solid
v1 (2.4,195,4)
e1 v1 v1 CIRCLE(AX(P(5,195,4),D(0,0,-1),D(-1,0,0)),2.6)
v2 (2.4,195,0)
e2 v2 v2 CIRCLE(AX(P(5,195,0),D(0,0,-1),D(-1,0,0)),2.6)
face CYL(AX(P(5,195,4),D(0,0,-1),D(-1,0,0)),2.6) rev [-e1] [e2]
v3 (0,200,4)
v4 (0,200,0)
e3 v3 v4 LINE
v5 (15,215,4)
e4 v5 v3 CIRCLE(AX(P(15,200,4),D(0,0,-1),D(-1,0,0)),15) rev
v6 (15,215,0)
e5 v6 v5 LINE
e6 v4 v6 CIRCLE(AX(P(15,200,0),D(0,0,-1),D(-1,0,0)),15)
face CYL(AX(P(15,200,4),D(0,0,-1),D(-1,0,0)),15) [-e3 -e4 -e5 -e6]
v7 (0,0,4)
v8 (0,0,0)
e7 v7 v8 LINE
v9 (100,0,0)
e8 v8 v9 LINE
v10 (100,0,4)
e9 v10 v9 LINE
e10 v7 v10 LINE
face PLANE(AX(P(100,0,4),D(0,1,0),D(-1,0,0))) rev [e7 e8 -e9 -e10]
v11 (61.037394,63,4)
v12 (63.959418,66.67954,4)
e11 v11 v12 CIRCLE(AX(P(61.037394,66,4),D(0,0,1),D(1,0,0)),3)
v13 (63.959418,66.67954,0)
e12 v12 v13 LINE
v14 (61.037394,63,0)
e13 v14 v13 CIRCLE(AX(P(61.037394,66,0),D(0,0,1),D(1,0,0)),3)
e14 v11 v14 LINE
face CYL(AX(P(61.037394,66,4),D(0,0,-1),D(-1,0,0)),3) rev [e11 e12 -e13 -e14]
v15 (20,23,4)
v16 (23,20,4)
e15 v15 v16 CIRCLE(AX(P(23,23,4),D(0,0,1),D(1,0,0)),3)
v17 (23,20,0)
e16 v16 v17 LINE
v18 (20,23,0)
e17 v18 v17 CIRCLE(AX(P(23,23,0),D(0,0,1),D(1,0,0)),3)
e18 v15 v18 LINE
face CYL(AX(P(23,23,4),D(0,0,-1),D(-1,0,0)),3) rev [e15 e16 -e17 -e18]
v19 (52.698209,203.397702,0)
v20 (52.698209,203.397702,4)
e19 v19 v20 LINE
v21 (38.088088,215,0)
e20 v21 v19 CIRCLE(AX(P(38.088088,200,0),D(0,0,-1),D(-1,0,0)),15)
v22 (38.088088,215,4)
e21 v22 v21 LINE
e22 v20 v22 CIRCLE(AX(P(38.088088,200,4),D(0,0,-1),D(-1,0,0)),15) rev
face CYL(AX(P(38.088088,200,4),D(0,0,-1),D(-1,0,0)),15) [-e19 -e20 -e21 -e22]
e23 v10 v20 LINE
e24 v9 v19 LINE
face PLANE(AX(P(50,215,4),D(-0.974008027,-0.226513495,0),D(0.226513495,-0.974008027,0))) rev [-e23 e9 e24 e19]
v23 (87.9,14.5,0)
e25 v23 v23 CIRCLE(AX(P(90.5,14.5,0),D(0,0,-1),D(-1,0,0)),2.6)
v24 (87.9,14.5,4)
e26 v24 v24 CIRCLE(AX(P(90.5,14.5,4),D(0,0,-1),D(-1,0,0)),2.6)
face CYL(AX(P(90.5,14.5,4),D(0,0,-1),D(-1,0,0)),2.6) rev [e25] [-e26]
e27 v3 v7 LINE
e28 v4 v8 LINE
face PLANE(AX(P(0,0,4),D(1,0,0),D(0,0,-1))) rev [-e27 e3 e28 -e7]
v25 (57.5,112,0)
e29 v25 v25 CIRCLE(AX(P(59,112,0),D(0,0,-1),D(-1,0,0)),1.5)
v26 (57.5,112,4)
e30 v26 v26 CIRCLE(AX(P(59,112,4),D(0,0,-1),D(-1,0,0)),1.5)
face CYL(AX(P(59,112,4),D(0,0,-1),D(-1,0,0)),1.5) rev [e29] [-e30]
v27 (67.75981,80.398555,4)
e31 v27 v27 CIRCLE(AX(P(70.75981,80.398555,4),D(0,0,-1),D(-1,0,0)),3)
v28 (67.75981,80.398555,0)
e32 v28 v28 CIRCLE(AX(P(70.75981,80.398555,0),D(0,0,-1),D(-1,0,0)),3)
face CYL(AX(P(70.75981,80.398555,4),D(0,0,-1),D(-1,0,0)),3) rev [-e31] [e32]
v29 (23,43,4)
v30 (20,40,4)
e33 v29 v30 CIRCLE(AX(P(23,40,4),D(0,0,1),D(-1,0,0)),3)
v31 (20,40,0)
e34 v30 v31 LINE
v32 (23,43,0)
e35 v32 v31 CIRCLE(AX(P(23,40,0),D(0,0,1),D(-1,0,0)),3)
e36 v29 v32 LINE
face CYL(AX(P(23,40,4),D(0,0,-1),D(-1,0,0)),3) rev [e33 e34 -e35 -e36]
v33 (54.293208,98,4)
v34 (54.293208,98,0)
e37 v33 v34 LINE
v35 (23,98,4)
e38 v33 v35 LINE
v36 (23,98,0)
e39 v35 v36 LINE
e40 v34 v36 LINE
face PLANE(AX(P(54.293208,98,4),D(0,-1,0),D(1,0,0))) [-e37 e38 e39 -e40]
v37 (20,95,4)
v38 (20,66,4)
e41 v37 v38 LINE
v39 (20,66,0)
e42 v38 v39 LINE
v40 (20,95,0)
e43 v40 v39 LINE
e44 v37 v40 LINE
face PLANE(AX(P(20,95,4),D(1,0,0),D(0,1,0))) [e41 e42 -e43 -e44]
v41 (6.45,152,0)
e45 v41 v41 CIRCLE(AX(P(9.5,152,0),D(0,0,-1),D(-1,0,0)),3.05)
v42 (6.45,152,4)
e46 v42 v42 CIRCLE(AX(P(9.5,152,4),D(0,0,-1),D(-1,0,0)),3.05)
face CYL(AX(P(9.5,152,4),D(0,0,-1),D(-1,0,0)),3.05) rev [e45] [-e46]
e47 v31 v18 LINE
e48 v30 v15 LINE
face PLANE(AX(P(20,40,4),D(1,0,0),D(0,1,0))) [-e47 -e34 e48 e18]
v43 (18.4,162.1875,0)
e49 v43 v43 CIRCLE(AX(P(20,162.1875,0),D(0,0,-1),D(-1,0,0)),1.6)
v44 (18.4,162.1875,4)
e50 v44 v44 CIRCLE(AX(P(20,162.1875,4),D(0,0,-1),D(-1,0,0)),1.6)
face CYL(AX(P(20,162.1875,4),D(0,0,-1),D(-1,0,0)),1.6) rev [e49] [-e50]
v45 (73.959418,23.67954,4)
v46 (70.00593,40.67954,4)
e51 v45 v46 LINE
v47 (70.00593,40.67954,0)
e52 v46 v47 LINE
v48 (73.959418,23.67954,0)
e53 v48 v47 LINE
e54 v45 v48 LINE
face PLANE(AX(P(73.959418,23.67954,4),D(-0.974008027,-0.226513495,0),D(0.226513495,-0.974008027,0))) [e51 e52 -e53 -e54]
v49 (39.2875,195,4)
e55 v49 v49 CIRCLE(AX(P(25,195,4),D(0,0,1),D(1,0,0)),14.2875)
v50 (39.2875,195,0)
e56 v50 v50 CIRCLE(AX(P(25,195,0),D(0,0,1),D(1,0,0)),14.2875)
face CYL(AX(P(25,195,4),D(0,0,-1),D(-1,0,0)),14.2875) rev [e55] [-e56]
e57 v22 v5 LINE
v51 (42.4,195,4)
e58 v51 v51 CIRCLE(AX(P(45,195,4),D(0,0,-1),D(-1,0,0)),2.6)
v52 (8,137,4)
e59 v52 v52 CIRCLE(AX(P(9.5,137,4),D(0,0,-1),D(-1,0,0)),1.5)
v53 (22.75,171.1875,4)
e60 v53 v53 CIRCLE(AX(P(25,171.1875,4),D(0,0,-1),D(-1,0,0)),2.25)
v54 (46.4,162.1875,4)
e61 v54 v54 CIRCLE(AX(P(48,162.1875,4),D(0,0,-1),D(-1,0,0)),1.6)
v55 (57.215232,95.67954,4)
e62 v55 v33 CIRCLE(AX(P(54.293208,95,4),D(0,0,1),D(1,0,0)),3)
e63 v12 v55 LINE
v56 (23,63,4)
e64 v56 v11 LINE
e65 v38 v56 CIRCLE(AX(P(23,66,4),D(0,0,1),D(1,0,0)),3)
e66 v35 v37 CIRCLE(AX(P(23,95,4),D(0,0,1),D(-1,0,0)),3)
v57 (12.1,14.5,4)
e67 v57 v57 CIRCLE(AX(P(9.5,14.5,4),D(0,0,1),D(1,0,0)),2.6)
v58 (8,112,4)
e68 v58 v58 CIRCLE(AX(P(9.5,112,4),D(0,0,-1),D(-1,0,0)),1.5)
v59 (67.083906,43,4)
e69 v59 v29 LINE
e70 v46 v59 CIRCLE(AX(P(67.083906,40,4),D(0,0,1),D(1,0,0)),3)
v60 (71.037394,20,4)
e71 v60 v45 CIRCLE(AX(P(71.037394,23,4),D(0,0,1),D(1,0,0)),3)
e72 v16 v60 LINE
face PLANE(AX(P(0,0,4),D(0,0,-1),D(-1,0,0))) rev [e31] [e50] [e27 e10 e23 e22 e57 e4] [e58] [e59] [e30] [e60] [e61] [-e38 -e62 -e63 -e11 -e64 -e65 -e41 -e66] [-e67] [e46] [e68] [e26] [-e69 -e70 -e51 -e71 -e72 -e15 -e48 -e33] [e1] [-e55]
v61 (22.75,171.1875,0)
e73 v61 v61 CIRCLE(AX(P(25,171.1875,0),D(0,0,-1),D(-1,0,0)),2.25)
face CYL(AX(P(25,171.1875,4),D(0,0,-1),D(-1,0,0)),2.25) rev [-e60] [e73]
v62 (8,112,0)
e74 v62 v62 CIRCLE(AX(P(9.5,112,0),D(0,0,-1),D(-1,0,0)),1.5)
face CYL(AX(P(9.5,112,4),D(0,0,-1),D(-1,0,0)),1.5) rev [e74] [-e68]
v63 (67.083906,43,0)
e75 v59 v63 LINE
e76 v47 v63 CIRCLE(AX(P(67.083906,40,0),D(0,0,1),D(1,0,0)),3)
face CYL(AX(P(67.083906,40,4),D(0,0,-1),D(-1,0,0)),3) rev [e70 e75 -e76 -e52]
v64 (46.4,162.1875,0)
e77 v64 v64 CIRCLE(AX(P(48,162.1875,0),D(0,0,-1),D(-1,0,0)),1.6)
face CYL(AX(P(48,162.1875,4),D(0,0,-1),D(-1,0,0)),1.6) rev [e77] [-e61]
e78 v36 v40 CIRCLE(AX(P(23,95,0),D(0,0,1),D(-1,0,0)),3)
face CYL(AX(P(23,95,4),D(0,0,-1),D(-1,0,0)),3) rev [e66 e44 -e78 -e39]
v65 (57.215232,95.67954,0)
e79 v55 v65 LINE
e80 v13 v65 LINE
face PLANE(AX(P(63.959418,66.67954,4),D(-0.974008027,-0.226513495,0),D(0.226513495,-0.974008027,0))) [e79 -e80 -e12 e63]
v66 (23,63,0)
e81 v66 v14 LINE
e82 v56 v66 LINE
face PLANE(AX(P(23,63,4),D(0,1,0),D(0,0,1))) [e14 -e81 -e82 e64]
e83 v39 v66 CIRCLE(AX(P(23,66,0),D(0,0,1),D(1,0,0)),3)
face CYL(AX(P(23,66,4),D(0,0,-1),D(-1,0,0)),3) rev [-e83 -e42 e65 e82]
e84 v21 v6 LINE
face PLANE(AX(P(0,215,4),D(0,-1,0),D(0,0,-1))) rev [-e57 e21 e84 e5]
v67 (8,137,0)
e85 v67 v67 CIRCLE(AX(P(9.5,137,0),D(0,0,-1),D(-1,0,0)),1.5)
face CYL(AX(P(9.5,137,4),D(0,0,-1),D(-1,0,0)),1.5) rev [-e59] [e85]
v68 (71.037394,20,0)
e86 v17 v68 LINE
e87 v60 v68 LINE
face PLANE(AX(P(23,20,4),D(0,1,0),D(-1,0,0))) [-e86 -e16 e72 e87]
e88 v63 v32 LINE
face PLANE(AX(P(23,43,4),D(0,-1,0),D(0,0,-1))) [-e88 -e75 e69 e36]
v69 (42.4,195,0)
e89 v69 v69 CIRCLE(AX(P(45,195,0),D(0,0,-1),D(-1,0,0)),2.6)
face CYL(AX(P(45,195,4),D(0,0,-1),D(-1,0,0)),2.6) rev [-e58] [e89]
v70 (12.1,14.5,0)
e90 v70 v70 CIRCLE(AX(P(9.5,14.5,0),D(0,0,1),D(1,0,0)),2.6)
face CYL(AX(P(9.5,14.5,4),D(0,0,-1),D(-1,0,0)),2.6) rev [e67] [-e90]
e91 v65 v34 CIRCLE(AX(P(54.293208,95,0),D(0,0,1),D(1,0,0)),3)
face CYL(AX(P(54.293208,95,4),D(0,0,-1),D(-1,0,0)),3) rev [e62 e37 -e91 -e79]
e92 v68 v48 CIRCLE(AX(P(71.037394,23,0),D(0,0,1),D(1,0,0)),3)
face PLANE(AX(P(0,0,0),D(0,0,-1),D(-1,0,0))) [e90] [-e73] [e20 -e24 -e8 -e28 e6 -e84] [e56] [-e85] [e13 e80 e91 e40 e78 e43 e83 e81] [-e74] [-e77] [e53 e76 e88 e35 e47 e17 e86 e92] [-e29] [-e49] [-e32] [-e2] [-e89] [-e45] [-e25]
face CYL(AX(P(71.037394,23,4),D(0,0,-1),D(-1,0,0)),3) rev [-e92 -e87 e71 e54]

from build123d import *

# Parameters (mm, degrees)
ESBO_O1_R                = 14.2875
ESBO_O1_R_2              = 2.6
RESSALTO_EXTRUS_O2_DEPTH = 4
FILETE1_R                = 15
ESBO_O3_R                = 1.5
ESBO_O3_R_2              = 2.6
ESBO_O3_R_3              = 3.05
CORTE_EXTRUS_O1_DEPTH    = 5
ESBO_O5_R                = 2.25
ESBO_O5_R_2              = 3
ESBO_O5_R_3              = 1.6
ESBO_O5_R_4              = 2.6
CORTE_EXTRUS_O2_DEPTH    = 5


with BuildPart() as part:
    # Esboço1 → Ressalto-extrusão2 (new body)
    with BuildSketch(Plane.XY):
        Polygon((0, 0), (0, 215), (50, 215), (100, 0), align=None)
        with Locations((25, 195)):
            Circle(ESBO_O1_R, mode=Mode.SUBTRACT)
        with Locations((9.5, 14.5)):
            Circle(ESBO_O1_R_2, mode=Mode.SUBTRACT)
        with BuildLine():
            Line((20, 95), (20, 66))
            ThreePointArc((20, 66), (20.878679656, 63.878679656), (23, 63))
            Line((23, 63), (61.03739436, 63))
            ThreePointArc((61.03739436, 63), (63.386715693, 64.134339454), (63.959418441, 66.679540484))
            Line((63.959418441, 66.679540484), (57.215232395, 95.679540484))
            ThreePointArc((57.215232395, 95.679540484), (56.15886886, 97.349321333), (54.293208314, 98))
            Line((54.293208314, 98), (23, 98))
            ThreePointArc((23, 98), (20.878679656, 97.121320344), (20, 95))
        make_face(mode=Mode.SUBTRACT)
        with BuildLine():
            Line((20, 40), (20, 23))
            ThreePointArc((20, 23), (20.878679656, 20.878679656), (23, 20))
            Line((23, 20), (71.03739436, 20))
            ThreePointArc((71.03739436, 20), (73.386715693, 21.134339454), (73.959418441, 23.679540484))
            Line((73.959418441, 23.679540484), (70.005930069, 40.679540484))
            ThreePointArc((70.005930069, 40.679540484), (68.949566534, 42.349321333), (67.083905988, 43))
            Line((67.083905988, 43), (23, 43))
            ThreePointArc((23, 43), (20.878679656, 42.121320344), (20, 40))
        make_face(mode=Mode.SUBTRACT)
    extrude(amount=RESSALTO_EXTRUS_O2_DEPTH)

    # Filete1
    filete1_edges = [part.edges().sort_by_distance(p)[0] for p in [
        (0, 215, 2),
        (50, 215, 2),
    ]]
    fillet(filete1_edges, radius=FILETE1_R)

    # Esboço3 → Corte-extrusão1 (cut, through all)
    with BuildSketch(Plane(origin=(0, 0, 0), x_dir=(-1, 0, 0), z_dir=(0, 0, -1))):
        with Locations((-9.5, 112)):
            Circle(ESBO_O3_R)
        with Locations((-90.5, 14.5)):
            Circle(ESBO_O3_R_2)
        with Locations((-9.5, 137)):
            Circle(ESBO_O3_R)
        with Locations((-9.5, 152)):
            Circle(ESBO_O3_R_3)
        with Locations((-59, 112)):
            Circle(ESBO_O3_R)
    extrude(amount=-CORTE_EXTRUS_O1_DEPTH, mode=Mode.SUBTRACT)

    # Esboço5 → Corte-extrusão2 (cut, through all)
    with BuildSketch(Plane(origin=(0, 0, 0), x_dir=(-1, 0, 0), z_dir=(0, 0, -1))):
        with Locations((-25, 171.1875)):
            Circle(ESBO_O5_R)
        with Locations((-70.759810426, 80.398555206)):
            Circle(ESBO_O5_R_2)
        with Locations((-20, 162.1875)):
            Circle(ESBO_O5_R_3)
        with Locations((-48, 162.1875)):
            Circle(ESBO_O5_R_3)
        with Locations((-45, 195)):
            Circle(ESBO_O5_R_4)
        with Locations((-5, 195)):
            Circle(ESBO_O5_R_4)
    extrude(amount=-CORTE_EXTRUS_O2_DEPTH, mode=Mode.SUBTRACT)


solid = part.part
